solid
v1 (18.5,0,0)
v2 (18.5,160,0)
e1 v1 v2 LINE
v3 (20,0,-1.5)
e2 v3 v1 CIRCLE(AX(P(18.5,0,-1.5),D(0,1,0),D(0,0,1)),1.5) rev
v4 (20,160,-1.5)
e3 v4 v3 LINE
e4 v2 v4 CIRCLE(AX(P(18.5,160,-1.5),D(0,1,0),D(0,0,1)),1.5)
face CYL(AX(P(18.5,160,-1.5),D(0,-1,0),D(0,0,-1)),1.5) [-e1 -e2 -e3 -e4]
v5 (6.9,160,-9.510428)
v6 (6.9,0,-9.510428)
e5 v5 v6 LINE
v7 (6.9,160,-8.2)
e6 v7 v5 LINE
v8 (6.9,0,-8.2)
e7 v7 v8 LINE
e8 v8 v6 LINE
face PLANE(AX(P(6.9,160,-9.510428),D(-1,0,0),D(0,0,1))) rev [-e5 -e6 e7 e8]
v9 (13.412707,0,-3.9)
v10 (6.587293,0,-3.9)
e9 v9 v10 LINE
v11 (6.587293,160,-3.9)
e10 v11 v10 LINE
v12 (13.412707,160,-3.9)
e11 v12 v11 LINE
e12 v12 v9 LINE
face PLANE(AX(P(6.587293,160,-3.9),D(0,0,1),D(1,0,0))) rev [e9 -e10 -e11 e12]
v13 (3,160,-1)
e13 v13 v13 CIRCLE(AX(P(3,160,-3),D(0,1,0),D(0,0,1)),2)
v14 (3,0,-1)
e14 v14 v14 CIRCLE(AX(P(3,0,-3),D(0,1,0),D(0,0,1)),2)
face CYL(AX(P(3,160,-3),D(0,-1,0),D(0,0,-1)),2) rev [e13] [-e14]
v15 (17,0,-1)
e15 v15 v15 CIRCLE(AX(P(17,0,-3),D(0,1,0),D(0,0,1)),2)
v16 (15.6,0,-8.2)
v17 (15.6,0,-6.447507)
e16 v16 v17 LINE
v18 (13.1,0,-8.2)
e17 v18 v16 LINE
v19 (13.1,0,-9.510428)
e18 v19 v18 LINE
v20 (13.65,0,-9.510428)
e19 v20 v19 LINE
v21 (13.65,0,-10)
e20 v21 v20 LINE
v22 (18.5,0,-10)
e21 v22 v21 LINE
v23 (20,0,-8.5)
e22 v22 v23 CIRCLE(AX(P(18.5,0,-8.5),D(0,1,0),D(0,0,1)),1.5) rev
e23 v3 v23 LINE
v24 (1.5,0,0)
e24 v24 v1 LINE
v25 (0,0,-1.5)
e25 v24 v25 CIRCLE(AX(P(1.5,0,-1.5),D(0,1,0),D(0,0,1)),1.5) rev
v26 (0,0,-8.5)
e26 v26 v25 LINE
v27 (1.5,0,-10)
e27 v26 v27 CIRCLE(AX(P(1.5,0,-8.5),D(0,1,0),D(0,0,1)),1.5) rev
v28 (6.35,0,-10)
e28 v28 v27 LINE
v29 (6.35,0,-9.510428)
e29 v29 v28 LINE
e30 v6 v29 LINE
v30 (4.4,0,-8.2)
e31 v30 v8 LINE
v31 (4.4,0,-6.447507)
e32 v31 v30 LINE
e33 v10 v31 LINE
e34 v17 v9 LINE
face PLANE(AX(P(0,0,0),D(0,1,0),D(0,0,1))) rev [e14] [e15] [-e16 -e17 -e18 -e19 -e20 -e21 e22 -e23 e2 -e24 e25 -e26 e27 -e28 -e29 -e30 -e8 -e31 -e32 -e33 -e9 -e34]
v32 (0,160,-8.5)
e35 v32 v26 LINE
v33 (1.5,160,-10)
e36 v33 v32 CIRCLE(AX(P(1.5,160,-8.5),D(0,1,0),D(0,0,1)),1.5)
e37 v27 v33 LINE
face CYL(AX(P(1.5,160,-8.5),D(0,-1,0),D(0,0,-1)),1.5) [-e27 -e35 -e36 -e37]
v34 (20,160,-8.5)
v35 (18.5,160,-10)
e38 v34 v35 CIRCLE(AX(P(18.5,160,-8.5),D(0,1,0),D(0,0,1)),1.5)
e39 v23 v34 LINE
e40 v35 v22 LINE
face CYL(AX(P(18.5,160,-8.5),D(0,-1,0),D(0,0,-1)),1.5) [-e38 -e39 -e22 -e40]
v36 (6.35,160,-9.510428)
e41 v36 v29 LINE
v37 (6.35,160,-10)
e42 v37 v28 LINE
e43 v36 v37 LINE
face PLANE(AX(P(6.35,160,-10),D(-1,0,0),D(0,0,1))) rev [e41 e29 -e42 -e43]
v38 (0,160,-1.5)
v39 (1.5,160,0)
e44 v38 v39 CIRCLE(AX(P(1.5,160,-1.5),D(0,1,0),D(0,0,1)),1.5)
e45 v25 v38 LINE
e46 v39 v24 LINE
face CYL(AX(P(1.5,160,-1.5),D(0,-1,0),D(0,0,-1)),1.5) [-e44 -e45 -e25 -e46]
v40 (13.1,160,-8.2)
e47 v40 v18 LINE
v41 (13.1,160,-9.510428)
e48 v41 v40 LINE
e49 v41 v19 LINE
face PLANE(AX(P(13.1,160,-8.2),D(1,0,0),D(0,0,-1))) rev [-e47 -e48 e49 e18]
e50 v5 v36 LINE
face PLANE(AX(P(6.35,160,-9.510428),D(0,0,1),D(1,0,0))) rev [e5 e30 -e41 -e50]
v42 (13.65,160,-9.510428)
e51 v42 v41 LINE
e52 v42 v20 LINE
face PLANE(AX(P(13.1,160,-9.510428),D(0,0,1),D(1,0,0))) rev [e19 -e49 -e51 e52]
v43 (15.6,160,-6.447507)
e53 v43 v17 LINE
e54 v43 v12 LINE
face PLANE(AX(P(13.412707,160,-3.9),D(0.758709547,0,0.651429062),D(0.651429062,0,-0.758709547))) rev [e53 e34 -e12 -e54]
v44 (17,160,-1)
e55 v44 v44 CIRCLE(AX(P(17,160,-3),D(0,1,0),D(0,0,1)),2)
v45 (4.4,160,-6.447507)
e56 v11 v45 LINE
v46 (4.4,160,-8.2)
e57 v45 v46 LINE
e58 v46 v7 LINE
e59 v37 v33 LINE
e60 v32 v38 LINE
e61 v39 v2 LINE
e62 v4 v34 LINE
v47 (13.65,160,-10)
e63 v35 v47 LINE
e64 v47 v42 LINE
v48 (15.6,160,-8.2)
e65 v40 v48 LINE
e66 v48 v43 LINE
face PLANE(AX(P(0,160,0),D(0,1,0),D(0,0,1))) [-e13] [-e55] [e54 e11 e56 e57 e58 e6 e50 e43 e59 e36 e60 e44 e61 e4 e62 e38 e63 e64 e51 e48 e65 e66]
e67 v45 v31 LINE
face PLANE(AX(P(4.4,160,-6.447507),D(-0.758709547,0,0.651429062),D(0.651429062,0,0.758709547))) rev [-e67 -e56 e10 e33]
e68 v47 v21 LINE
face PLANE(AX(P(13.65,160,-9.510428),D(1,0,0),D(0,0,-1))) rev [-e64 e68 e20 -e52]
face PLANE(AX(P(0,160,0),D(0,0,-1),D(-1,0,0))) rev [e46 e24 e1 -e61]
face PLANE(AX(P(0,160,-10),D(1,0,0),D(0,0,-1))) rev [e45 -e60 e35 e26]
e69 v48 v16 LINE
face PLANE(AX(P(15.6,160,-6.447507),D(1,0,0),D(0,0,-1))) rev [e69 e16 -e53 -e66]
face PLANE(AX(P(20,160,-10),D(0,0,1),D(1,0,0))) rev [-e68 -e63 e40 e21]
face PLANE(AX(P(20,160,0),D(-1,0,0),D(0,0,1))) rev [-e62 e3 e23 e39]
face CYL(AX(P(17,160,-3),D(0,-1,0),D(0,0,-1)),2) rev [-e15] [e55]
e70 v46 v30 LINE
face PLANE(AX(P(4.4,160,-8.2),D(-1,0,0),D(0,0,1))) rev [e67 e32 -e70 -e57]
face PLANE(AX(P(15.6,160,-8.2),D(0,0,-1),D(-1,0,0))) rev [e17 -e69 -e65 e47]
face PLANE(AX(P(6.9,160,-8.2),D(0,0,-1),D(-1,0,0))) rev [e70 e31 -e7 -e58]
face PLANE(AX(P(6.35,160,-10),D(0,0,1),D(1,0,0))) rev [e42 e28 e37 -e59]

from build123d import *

# Parameters (mm, degrees)
SKETCH_1_R      = 2
EXTRUDE_1_DEPTH = 160
FILLET_1_R      = 1.5


with BuildPart() as part:
    # 草图1 → 凸台-拉伸1 (new body)
    with BuildSketch(Plane(origin=(0, 0, 0), x_dir=(1, 0, 0), z_dir=(0, 1, 0))):
        Polygon((0, 0), (20, 0), (20, 10), (13.65, 10), (13.65, 9.510427602), (13.1, 9.510427602), (13.1, 8.2), (15.6, 8.2), (15.6, 6.447507136), (13.412706863, 3.9), (6.587293137, 3.9), (4.4, 6.447507136), (4.4, 8.2), (6.9, 8.2), (6.9, 9.510427602), (6.35, 9.510427602), (6.35, 10), (0, 10), align=None)
        with Locations(Location((3, 3, 0), (0, 0, 270))):
            Circle(SKETCH_1_R, mode=Mode.SUBTRACT)
        with Locations(Location((17, 3, 0), (0, 0, 270))):
            Circle(SKETCH_1_R, mode=Mode.SUBTRACT)
    extrude(amount=EXTRUDE_1_DEPTH)

    # 圆角1
    fillet_1_edges = [part.edges().sort_by_distance(p)[0] for p in [
        (0, 80, -10),
        (20, 80, -10),
        (20, 80, 0),
        (0, 80, 0),
    ]]
    fillet(fillet_1_edges, radius=FILLET_1_R)


solid = part.part
